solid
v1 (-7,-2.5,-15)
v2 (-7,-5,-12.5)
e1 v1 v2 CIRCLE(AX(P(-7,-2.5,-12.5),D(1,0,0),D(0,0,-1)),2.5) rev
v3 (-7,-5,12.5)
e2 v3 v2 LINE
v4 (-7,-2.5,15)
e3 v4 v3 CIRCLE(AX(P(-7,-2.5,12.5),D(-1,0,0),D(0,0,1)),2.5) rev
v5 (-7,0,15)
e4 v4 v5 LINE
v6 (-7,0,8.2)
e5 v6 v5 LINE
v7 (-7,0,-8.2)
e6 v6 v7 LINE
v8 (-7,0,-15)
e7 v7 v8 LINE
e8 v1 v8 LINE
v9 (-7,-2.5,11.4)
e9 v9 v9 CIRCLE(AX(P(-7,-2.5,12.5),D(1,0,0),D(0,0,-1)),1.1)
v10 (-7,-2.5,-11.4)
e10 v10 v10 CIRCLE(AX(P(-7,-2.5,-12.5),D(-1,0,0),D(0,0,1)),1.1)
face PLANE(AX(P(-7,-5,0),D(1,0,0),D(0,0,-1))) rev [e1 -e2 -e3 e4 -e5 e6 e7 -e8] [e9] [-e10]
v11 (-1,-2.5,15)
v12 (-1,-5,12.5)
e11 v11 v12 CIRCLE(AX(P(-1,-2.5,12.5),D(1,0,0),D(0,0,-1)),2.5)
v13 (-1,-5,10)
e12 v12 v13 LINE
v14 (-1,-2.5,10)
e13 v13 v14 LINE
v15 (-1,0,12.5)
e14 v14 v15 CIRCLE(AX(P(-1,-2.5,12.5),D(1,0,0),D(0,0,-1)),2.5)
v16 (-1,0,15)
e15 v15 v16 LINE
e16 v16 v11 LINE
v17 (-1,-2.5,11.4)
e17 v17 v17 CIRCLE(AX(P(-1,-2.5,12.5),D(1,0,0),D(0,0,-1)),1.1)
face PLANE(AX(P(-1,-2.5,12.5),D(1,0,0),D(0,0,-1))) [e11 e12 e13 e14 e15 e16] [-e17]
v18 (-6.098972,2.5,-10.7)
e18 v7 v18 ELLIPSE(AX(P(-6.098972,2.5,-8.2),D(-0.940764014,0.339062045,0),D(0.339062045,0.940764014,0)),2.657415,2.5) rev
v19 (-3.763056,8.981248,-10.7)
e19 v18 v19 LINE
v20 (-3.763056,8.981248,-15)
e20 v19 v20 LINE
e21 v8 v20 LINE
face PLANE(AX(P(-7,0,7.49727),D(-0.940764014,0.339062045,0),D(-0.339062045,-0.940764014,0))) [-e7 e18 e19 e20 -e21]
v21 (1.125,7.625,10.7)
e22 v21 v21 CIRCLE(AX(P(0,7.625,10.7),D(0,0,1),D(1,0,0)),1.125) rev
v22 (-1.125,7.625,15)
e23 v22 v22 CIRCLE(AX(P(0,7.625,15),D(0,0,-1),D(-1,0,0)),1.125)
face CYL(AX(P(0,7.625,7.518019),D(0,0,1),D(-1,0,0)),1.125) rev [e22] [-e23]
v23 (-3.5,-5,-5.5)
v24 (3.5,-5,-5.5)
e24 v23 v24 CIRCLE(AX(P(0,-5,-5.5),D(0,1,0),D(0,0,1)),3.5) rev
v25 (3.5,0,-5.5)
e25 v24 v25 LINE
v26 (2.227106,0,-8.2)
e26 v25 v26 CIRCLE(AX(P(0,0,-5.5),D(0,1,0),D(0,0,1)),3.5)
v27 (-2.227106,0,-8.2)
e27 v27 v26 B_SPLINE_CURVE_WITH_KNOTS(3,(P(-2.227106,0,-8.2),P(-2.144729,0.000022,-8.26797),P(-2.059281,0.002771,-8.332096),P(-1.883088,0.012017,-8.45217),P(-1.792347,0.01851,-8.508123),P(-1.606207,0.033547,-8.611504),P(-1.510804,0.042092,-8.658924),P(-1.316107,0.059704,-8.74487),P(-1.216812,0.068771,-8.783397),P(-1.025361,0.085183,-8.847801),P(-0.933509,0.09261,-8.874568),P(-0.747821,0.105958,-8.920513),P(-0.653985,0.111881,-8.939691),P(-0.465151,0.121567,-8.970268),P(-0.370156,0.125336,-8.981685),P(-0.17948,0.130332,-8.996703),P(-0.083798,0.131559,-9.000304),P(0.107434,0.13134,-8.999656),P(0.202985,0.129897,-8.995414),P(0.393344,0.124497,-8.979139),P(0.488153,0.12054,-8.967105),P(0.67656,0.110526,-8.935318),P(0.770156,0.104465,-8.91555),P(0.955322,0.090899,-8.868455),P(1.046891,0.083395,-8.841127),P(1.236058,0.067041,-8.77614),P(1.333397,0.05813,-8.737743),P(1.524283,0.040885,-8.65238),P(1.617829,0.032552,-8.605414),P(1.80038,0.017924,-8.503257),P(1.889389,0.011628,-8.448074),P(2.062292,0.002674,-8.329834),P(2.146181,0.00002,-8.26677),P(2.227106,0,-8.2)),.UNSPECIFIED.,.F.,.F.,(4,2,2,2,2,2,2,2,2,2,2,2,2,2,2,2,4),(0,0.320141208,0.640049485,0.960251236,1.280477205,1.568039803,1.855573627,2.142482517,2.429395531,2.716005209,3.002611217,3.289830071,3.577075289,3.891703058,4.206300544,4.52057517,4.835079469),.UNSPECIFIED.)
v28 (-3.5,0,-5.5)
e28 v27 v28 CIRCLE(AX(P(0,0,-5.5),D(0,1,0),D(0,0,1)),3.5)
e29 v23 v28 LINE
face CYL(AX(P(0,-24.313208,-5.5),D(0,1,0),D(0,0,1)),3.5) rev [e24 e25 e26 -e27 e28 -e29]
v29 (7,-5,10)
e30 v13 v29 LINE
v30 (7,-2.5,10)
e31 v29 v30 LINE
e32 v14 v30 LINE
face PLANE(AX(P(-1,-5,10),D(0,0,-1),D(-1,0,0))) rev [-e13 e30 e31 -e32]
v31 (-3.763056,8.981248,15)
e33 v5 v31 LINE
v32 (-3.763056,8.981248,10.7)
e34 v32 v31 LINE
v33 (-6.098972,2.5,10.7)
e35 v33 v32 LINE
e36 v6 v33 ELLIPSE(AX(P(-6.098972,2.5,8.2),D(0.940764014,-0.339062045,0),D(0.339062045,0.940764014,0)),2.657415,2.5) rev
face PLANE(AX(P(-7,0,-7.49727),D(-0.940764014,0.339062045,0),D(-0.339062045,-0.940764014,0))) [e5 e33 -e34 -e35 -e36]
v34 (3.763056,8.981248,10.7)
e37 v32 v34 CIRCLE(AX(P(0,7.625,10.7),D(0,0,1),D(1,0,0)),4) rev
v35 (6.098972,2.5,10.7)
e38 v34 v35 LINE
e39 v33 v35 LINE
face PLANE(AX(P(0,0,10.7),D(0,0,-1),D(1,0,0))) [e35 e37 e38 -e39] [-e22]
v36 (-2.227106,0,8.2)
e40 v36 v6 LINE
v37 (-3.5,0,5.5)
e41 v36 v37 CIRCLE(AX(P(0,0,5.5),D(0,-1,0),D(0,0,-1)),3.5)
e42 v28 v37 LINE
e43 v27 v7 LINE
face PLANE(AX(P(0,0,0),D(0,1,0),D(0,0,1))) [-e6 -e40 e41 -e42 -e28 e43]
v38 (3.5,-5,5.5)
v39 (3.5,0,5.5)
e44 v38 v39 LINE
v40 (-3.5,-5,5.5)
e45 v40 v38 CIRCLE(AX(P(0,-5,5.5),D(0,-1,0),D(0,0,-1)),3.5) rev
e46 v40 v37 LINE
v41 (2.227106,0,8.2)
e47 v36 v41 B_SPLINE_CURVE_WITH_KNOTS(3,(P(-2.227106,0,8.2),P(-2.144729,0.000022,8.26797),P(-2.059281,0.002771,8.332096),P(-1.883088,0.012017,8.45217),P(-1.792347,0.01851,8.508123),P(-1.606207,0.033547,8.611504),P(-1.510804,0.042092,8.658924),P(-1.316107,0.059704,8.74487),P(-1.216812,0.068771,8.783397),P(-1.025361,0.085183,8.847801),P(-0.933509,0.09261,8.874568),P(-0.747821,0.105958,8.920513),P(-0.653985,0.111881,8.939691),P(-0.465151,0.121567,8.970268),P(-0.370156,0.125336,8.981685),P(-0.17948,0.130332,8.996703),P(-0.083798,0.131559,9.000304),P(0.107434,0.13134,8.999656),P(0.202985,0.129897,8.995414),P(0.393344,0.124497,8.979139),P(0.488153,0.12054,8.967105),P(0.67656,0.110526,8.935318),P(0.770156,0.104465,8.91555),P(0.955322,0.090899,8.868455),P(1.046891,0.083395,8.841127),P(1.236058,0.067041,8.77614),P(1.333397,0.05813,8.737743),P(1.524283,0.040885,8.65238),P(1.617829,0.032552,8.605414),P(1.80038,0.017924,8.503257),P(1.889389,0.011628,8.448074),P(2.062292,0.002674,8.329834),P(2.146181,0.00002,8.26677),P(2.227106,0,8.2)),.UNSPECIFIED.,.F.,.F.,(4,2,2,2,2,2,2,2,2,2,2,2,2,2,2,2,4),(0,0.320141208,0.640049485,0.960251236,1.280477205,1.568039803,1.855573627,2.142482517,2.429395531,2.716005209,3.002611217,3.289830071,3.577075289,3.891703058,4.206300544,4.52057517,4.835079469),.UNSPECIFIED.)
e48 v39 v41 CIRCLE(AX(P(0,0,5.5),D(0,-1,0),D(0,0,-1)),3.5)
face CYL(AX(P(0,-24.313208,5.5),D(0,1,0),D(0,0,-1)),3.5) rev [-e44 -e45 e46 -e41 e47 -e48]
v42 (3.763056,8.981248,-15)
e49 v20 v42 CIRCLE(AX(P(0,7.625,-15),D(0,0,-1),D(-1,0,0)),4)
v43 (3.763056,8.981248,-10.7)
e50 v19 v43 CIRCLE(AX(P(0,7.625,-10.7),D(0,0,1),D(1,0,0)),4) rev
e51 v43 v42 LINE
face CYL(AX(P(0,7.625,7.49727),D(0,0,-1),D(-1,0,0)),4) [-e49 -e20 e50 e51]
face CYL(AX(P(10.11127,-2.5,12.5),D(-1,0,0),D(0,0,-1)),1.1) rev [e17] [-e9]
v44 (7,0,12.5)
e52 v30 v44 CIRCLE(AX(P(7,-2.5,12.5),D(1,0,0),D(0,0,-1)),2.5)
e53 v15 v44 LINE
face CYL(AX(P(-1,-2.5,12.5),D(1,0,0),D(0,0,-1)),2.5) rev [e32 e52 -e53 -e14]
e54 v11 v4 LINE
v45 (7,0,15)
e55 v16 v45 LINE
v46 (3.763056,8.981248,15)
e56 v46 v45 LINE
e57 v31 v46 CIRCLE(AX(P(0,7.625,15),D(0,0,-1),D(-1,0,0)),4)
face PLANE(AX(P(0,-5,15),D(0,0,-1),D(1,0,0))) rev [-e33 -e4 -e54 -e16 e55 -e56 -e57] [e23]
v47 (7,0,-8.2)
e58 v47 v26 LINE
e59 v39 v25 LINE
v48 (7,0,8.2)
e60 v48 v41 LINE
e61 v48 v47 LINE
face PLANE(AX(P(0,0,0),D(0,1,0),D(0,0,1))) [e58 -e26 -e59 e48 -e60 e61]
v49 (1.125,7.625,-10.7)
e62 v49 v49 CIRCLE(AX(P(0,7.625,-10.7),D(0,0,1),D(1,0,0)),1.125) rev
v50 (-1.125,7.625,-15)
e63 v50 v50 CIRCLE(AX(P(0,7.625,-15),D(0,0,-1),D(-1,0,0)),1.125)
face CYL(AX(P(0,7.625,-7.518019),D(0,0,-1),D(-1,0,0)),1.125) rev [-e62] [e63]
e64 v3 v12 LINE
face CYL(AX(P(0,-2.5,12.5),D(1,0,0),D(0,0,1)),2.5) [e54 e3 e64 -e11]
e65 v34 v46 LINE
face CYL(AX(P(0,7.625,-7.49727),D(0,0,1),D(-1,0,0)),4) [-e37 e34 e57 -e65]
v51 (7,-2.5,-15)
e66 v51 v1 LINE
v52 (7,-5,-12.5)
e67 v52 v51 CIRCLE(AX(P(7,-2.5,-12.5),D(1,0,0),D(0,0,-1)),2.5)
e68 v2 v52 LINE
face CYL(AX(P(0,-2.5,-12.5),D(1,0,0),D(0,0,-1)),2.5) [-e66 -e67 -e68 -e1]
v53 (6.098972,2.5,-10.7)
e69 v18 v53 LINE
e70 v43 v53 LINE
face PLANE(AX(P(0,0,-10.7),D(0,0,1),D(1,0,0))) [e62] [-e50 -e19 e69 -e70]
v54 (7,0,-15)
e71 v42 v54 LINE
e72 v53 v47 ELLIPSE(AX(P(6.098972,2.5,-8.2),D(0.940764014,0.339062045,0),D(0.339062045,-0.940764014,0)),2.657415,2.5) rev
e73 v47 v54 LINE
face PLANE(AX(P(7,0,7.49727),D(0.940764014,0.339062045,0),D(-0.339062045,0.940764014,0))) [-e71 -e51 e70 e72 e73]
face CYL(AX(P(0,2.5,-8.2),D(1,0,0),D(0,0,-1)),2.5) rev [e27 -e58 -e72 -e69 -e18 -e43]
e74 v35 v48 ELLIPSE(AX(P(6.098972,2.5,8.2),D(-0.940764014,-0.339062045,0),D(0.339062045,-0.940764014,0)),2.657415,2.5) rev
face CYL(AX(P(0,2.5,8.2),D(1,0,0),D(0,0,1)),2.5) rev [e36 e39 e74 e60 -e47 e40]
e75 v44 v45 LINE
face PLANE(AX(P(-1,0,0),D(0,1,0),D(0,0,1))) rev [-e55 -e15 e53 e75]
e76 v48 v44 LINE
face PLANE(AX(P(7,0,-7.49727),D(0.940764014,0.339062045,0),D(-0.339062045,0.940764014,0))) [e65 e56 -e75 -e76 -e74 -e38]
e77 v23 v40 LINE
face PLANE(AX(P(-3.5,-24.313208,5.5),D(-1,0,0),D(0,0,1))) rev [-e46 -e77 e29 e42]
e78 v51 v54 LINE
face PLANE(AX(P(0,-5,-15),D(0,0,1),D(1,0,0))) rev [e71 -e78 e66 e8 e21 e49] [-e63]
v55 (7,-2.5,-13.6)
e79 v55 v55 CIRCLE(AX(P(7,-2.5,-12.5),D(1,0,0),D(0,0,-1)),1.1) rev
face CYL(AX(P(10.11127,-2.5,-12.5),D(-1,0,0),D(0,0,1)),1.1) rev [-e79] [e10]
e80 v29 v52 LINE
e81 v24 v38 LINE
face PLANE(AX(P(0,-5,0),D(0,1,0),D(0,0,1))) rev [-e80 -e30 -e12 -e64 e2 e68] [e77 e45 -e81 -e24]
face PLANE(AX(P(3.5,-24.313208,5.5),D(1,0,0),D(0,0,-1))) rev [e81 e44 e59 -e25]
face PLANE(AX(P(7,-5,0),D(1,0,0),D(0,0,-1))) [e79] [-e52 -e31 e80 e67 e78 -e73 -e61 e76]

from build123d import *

# Parameters (mm, degrees)
SKETCH1_W                      = 14
SKETCH1_H                      = 15
BOSS_EXTRUDE1_DEPTH            = 5
SKETCH3_R                      = 1.1
CUT_EXTRUDE1_DEPTH             = 14
BOSS_EXTRUDE2_DEPTH            = 4.3
SKETCH5_R                      = 1.125
CUT_EXTRUDE2_DEPTH             = 4.3
FILLET1_R                      = 2.5
CUT_EXTRUDE3_REACH             = 22.227
CUT_EXTRUDE3_DIRECTION_2_REACH = 22.227
CUT_EXTRUDE4_START             = -6
CUT_EXTRUDE4_DEPTH             = 8


with BuildPart() as part:
    # Sketch1 → Boss-Extrude1 (new body)
    with BuildSketch(Plane(origin=(0, 0, 0), x_dir=(1, 0, 0), z_dir=(0, 1, 0))):
        with Locations((0, 7.5)):
            Rectangle(SKETCH1_W, SKETCH1_H)
    extrude(amount=-BOSS_EXTRUDE1_DEPTH)

    # Sketch3 → Cut-Extrude1 (cut)
    with BuildSketch(Plane.ZY.offset(7)):
        with Locations((-12.5, -2.5)):
            Circle(SKETCH3_R)
    extrude(amount=-CUT_EXTRUDE1_DEPTH, mode=Mode.SUBTRACT)

    # Sketch4 → Boss-Extrude2 (add)
    with BuildSketch(Plane(origin=(0, 0, -15), x_dir=(-1, 0, 0), z_dir=(0, 0, -1))):
        with BuildLine():
            Line((-7, 0), (-3.763056055, 8.981248181))
            ThreePointArc((-3.763056055, 8.981248181), (0, 11.625), (3.763056055, 8.981248181))
            Line((3.763056055, 8.981248181), (7, 0))
            Line((7, 0), (-7, 0))
        make_face()
    extrude(amount=-BOSS_EXTRUDE2_DEPTH)

    # Sketch5 → Cut-Extrude2 (cut)
    with BuildSketch(Plane(origin=(0, 0, -15), x_dir=(-1, 0, 0), z_dir=(0, 0, -1))):
        with Locations((0, 7.625)):
            Circle(SKETCH5_R)
    extrude(amount=-CUT_EXTRUDE2_DEPTH, mode=Mode.SUBTRACT)

    # Fillet1
    fillet1_edges = [part.edges().sort_by_distance(p)[0] for p in [
        (0, -5, -15),
        (0, 0, -10.7),
    ]]
    fillet(fillet1_edges, radius=FILLET1_R)

    # Sketch6 → Cut-Extrude3 (cut, up to next)
    with BuildSketch(Plane(origin=(0, 0, 0), x_dir=(1, 0, 0), z_dir=(0, 1, 0)), mode=Mode.PRIVATE) as cut_extrude3_sk1:
        with BuildLine():
            Line((-3.5, -5.5), (-3.5, 5.5))
            ThreePointArc((-3.5, 5.5), (0, 9), (3.5, 5.5))
            Line((3.5, 5.5), (3.5, -5.5))
            ThreePointArc((3.5, -5.5), (0, -9), (-3.5, -5.5))
        make_face()
    cut_extrude3_tool1 = extrude(cut_extrude3_sk1.sketch, amount=-CUT_EXTRUDE3_REACH, mode=Mode.PRIVATE) & part.part
    add(cut_extrude3_tool1.solids().sort_by_distance((0, 0, 0))[0], mode=Mode.SUBTRACT)

    # Sketch6 → Cut-Extrude3 direction 2 (cut, up to next)
    with BuildSketch(Plane(origin=(0, 0, 0), x_dir=(1, 0, 0), z_dir=(0, 1, 0)), mode=Mode.PRIVATE) as cut_extrude3_direction_2_sk1:
        with BuildLine():
            Line((-3.5, -5.5), (-3.5, 5.5))
            ThreePointArc((-3.5, 5.5), (0, 9), (3.5, 5.5))
            Line((3.5, 5.5), (3.5, -5.5))
            ThreePointArc((3.5, -5.5), (0, -9), (-3.5, -5.5))
        make_face()
    cut_extrude3_direction_2_tool1 = extrude(cut_extrude3_direction_2_sk1.sketch, amount=CUT_EXTRUDE3_DIRECTION_2_REACH, mode=Mode.PRIVATE) & part.part
    add(cut_extrude3_direction_2_tool1.solids().sort_by_distance((0, 0, 0))[0], mode=Mode.SUBTRACT)

    # Mirror1: part across plane


with BuildPart() as part_1:
    add(part.part)
    add(part.part.mirror(Plane.XY))

    # Sketch10 → Cut-Extrude4 (cut)
    with BuildSketch(Plane.ZY.offset(7).offset(CUT_EXTRUDE4_START)):
        with BuildLine():
            ThreePointArc((15, -2.5), (14.267766953, -0.732233047), (12.5, 0))
            ThreePointArc((12.5, 0), (10.732233047, -0.732233047), (10, -2.5))
            ThreePointArc((10, -2.5), (10.732233047, -4.267766953), (12.5, -5))
            ThreePointArc((12.5, -5), (14.267766953, -4.267766953), (15, -2.5))
        make_face()
        with BuildLine():
            Line((15, 0), (12.5, 0))
            ThreePointArc((12.5, 0), (14.267766953, -0.732233047), (15, -2.5))
            Line((15, -2.5), (15, 0))
        make_face()
        with BuildLine():
            ThreePointArc((12.5, -5), (10.732233047, -4.267766953), (10, -2.5))
            Line((10, -2.5), (10, -5))
            Line((10, -5), (12.5, -5))
        make_face()
    extrude(amount=-CUT_EXTRUDE4_DEPTH, mode=Mode.SUBTRACT)


solid = part_1.part
